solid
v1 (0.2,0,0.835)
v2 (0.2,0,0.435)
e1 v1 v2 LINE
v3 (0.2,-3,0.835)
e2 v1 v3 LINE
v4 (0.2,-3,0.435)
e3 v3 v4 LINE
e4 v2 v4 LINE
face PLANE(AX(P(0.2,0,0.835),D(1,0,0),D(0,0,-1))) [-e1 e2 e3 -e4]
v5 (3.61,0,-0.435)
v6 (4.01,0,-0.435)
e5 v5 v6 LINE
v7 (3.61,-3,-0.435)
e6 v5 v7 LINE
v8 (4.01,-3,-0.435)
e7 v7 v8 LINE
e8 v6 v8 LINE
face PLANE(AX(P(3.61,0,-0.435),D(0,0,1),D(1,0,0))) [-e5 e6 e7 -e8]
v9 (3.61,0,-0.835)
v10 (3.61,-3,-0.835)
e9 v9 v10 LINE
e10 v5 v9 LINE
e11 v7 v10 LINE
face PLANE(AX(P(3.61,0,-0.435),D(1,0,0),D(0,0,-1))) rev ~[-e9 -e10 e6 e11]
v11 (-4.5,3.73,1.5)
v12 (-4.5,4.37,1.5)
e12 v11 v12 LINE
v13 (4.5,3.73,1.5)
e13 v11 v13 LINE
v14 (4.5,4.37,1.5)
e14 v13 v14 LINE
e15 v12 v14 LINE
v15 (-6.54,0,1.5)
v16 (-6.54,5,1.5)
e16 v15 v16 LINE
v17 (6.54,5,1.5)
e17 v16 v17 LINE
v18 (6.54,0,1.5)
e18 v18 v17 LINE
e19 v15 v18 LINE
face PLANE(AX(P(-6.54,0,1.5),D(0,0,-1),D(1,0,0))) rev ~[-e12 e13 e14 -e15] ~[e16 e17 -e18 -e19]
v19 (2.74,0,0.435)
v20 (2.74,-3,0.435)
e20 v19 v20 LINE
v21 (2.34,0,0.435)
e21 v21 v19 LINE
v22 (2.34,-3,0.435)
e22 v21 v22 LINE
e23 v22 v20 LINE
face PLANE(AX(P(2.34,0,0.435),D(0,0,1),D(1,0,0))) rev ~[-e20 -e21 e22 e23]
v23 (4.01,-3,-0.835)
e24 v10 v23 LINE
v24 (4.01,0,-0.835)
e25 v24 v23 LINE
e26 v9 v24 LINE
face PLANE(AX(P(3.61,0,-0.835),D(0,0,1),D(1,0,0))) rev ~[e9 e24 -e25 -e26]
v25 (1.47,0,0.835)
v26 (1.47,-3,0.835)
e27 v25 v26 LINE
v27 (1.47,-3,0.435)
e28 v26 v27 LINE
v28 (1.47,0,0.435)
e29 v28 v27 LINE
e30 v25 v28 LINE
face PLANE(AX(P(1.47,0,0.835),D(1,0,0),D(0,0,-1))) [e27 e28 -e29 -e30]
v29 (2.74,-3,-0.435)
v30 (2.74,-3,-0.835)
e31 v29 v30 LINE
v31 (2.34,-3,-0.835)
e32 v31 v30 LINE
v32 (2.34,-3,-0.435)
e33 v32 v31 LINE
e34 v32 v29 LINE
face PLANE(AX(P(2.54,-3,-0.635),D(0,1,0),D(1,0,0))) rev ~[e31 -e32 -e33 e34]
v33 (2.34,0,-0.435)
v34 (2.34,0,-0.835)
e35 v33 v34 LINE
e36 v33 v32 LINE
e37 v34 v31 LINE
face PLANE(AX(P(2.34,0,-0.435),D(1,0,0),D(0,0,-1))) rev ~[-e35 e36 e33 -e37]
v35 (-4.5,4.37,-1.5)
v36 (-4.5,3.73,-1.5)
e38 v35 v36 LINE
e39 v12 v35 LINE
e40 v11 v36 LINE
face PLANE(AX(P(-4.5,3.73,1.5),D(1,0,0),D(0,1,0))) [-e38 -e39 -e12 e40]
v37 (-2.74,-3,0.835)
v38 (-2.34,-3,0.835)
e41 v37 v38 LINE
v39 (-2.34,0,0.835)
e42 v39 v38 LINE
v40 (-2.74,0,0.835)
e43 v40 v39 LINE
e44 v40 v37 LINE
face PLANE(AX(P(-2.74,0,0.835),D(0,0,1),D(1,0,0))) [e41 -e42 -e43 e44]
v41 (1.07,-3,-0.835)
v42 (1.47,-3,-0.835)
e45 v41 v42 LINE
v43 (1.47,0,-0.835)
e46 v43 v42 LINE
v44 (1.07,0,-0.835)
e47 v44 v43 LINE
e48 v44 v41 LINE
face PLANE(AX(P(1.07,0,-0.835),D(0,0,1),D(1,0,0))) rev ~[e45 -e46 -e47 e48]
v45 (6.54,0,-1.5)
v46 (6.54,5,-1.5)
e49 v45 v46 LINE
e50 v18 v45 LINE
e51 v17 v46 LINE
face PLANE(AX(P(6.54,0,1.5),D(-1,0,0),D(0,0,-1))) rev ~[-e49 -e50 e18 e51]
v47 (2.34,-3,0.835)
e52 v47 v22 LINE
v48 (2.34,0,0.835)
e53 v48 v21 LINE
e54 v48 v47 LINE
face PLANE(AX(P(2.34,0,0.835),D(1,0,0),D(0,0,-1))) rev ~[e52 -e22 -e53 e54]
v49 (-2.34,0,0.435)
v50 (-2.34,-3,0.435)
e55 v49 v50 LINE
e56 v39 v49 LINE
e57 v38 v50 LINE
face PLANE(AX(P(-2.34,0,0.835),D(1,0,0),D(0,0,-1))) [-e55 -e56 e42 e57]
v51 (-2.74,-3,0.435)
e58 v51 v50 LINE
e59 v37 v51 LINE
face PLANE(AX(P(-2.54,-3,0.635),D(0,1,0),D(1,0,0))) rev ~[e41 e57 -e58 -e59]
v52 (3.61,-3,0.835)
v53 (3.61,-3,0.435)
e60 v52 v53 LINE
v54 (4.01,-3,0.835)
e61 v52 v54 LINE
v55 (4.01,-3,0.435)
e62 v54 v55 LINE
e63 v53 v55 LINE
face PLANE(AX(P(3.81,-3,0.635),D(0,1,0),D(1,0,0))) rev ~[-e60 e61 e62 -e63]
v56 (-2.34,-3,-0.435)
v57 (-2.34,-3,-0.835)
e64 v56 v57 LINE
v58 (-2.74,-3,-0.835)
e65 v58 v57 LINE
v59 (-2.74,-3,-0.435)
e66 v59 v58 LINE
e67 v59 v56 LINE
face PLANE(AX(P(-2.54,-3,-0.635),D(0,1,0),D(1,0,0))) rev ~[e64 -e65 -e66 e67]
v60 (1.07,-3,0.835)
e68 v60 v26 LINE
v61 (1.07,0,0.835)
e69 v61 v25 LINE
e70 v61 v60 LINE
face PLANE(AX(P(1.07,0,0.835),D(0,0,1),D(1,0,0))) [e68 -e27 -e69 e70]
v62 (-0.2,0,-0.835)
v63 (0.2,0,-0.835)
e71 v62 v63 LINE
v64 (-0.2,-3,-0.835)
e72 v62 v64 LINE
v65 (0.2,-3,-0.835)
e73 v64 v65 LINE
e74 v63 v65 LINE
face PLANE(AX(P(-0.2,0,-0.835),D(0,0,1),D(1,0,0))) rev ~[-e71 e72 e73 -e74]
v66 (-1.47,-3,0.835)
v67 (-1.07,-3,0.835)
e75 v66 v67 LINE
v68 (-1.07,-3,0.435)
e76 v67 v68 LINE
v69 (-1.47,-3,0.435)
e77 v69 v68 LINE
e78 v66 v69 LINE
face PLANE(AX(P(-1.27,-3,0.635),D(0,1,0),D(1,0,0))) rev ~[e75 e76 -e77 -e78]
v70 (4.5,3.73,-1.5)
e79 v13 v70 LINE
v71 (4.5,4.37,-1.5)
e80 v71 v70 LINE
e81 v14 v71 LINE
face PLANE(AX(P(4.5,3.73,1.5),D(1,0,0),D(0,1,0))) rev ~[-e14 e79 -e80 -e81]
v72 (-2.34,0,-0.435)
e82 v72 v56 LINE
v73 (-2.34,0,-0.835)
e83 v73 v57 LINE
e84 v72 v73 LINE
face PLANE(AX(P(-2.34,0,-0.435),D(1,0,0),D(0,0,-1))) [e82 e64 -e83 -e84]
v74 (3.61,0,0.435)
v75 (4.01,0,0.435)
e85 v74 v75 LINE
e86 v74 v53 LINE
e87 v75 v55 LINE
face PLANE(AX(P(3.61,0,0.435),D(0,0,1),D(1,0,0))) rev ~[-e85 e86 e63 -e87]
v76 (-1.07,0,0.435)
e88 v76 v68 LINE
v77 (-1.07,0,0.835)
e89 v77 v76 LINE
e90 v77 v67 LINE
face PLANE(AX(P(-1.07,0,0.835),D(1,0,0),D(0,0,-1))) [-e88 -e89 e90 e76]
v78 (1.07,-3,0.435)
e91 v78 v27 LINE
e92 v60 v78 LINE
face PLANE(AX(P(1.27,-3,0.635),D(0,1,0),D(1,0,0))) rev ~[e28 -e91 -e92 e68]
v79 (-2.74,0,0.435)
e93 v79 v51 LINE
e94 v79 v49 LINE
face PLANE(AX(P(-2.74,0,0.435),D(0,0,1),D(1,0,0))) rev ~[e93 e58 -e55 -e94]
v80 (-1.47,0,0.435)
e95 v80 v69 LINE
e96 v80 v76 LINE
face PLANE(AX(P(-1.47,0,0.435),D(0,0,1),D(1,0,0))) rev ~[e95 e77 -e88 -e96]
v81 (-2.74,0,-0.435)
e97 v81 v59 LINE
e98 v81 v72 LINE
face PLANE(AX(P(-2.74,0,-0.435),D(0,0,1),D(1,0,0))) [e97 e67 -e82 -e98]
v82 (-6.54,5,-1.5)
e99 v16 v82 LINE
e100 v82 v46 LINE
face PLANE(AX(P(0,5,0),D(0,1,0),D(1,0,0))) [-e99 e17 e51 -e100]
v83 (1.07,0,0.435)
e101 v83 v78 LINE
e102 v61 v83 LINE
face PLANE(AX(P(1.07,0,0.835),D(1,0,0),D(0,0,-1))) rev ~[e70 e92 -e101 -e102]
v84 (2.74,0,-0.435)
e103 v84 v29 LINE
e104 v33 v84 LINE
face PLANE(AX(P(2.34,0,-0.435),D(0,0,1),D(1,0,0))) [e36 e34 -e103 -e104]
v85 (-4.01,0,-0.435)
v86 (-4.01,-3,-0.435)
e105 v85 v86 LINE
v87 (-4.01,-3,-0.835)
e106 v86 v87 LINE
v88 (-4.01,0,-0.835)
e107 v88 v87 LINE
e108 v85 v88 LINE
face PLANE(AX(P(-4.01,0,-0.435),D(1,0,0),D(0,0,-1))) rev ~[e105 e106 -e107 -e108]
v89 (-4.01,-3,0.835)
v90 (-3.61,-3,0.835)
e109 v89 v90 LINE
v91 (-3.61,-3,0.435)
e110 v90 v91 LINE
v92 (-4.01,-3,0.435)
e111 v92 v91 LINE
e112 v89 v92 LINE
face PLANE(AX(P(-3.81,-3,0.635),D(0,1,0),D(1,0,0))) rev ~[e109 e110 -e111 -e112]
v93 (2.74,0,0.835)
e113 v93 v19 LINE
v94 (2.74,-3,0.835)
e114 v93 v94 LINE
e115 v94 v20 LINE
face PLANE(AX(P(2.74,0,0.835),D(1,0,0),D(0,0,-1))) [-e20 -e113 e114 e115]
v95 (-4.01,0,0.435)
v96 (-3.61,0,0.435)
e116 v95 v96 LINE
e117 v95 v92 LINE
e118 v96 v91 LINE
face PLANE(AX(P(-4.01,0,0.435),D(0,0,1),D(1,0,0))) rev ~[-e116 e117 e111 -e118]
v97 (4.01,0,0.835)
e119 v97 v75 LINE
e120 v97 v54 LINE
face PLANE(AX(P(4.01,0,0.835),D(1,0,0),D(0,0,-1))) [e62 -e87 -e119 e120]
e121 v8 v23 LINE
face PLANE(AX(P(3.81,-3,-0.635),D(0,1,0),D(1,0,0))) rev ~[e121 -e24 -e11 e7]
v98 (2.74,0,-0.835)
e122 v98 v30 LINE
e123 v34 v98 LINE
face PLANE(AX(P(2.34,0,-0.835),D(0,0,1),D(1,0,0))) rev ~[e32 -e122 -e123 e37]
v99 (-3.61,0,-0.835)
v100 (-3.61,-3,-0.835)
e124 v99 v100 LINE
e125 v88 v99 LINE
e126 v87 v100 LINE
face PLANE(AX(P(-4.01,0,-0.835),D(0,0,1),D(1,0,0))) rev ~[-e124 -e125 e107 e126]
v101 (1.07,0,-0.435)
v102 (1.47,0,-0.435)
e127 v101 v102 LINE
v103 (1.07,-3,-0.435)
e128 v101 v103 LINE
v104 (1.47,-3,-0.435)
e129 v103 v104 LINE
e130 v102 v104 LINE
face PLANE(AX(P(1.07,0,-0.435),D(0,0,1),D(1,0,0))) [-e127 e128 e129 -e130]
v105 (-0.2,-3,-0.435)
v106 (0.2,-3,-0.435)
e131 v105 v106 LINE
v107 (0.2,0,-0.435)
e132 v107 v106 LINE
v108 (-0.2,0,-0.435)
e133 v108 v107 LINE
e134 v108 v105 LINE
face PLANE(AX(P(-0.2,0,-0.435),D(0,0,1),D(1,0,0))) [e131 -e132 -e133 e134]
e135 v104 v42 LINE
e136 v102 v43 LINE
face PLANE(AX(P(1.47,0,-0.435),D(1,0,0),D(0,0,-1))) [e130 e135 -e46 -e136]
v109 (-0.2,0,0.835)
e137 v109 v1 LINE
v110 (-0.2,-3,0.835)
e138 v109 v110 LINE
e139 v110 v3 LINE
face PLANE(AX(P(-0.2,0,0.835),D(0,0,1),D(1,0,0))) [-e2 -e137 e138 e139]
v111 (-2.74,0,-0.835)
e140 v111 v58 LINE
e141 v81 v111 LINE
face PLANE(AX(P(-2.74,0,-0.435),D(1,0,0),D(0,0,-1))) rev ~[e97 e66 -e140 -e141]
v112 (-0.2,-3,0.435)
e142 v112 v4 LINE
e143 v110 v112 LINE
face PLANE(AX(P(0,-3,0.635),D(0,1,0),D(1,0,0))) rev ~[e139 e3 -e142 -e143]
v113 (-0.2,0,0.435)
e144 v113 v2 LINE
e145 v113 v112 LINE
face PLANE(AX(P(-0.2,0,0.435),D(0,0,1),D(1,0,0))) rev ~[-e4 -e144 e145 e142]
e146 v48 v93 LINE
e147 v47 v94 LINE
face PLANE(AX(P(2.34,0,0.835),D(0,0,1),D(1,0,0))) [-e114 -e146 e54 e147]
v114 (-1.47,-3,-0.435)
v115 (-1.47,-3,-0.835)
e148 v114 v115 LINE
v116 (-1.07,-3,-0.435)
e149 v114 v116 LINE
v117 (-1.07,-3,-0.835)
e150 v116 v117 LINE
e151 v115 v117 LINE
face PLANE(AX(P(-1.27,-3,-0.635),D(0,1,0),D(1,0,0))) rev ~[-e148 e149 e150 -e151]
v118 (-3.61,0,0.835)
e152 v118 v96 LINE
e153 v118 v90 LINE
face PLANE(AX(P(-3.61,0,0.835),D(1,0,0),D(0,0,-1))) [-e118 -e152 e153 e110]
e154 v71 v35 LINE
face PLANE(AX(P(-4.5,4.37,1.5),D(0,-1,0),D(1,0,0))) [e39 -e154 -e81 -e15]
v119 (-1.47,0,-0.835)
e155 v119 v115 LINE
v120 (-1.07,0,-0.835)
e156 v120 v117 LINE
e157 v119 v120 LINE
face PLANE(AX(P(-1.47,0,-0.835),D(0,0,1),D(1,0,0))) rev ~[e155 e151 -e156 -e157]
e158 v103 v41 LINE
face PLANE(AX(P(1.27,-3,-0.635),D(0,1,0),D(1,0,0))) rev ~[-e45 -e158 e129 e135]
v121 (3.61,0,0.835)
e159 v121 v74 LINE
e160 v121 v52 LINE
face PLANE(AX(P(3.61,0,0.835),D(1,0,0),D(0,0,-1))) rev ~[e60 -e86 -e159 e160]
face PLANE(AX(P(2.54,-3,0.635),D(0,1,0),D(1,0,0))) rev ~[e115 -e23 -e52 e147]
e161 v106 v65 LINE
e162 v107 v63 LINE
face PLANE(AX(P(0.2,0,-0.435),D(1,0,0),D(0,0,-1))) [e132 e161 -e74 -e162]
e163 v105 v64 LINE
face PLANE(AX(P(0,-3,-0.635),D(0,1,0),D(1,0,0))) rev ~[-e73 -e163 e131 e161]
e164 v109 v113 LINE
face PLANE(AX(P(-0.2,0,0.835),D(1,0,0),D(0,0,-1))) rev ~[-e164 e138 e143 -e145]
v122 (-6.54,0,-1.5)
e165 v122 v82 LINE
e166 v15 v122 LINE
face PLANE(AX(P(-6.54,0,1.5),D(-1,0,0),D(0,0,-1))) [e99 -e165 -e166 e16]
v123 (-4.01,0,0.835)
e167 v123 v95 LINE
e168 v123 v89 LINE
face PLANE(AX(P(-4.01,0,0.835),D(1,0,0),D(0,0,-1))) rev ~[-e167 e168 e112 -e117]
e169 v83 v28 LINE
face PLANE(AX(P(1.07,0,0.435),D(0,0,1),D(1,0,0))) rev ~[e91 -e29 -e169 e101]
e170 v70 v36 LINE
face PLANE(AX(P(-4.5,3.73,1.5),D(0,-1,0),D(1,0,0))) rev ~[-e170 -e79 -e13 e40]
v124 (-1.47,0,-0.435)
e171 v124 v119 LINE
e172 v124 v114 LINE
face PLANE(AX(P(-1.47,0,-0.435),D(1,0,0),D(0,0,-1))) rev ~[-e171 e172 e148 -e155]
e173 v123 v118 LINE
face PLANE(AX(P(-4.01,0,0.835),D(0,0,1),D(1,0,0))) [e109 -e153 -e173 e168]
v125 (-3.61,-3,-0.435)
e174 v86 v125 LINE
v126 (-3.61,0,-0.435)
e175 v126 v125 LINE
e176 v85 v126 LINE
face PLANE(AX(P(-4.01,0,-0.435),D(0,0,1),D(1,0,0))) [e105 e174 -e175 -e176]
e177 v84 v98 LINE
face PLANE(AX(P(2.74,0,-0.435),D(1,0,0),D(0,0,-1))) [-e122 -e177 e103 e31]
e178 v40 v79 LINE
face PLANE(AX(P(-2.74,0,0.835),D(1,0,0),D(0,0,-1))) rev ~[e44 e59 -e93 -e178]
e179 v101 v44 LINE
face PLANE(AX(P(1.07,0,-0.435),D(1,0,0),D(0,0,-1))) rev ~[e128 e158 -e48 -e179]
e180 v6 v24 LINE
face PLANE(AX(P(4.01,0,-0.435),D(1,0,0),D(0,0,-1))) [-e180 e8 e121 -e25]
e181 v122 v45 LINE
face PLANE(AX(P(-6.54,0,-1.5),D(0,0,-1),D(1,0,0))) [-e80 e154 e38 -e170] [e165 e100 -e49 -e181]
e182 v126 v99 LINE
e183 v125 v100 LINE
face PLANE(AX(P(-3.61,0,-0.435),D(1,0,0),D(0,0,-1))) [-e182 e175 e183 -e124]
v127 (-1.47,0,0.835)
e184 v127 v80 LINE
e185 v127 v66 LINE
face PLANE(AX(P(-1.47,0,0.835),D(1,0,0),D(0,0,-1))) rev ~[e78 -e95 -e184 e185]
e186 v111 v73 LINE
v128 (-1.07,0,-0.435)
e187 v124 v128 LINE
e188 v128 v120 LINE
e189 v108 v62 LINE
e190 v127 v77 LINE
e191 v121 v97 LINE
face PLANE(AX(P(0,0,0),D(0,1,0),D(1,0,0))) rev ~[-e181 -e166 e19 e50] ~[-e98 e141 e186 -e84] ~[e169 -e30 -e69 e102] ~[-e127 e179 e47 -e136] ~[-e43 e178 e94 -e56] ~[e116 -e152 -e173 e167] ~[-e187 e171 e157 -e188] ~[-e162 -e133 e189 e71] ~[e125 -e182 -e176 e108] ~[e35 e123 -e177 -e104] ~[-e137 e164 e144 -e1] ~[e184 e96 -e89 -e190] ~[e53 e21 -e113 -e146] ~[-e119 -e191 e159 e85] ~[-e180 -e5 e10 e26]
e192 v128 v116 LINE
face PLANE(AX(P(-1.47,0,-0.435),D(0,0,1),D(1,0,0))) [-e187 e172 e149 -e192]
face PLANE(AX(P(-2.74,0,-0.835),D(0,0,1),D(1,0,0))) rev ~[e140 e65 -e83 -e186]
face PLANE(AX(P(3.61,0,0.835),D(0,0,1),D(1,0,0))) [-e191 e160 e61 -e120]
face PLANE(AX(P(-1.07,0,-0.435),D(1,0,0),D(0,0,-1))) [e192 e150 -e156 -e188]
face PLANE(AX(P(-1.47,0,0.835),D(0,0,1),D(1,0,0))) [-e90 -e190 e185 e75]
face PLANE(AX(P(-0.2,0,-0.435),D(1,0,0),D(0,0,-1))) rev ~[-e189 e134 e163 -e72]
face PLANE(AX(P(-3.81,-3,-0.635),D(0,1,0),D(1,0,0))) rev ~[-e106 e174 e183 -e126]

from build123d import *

# Parameters (mm, degrees)
SKETCH1_W              = 0.4
SKETCH1_H              = 0.4
BOSS_EXTRUDE1_DEPTH    = 3
BOSS_EXTRUDE1_2_DEPTH  = 3
BOSS_EXTRUDE1_3_DEPTH  = 3
BOSS_EXTRUDE1_4_DEPTH  = 3
BOSS_EXTRUDE1_5_DEPTH  = 3
BOSS_EXTRUDE1_6_DEPTH  = 3
BOSS_EXTRUDE1_7_DEPTH  = 3
BOSS_EXTRUDE1_8_DEPTH  = 3
BOSS_EXTRUDE1_9_DEPTH  = 3
BOSS_EXTRUDE1_10_DEPTH = 3
BOSS_EXTRUDE1_11_DEPTH = 3
BOSS_EXTRUDE1_12_DEPTH = 3
BOSS_EXTRUDE1_13_DEPTH = 3
BOSS_EXTRUDE1_14_DEPTH = 3
SKETCH2_W              = 13.08
SKETCH2_H              = 3
BOSS_EXTRUDE2_DEPTH    = 5
SKETCH3_W              = 9
SKETCH3_H              = 0.64
CUT_EXTRUDE1_DEPTH     = 9.761940424


with BuildPart() as part:
    # Sketch1 → Boss-Extrude1 (new body)
    with BuildSketch(Plane(origin=(0, 0, 0), x_dir=(1, 0, 0), z_dir=(0, 1, 0))):
        with Locations((-2.54, -0.635)):
            Rectangle(SKETCH1_W, SKETCH1_H)
    extrude(amount=-BOSS_EXTRUDE1_DEPTH)



with BuildPart() as body_2:
    # Sketch1 → Boss-Extrude1 2 (new body)
    with BuildSketch(Plane(origin=(0, 0, 0), x_dir=(1, 0, 0), z_dir=(0, 1, 0))):
        with Locations((-3.81, -0.635)):
            Rectangle(SKETCH1_W, SKETCH1_H)
    extrude(amount=-BOSS_EXTRUDE1_2_DEPTH)


with BuildPart() as body_3:
    # Sketch1 → Boss-Extrude1 3 (new body)
    with BuildSketch(Plane(origin=(0, 0, 0), x_dir=(1, 0, 0), z_dir=(0, 1, 0))):
        with Locations((-1.27, -0.635)):
            Rectangle(SKETCH1_W, SKETCH1_H)
    extrude(amount=-BOSS_EXTRUDE1_3_DEPTH)


with BuildPart() as body_4:
    # Sketch1 → Boss-Extrude1 4 (new body)
    with BuildSketch(Plane(origin=(0, 0, 0), x_dir=(1, 0, 0), z_dir=(0, 1, 0))):
        with Locations((0, -0.635)):
            Rectangle(SKETCH1_W, SKETCH1_H)
    extrude(amount=-BOSS_EXTRUDE1_4_DEPTH)


with BuildPart() as body_5:
    # Sketch1 → Boss-Extrude1 5 (new body)
    with BuildSketch(Plane(origin=(0, 0, 0), x_dir=(1, 0, 0), z_dir=(0, 1, 0))):
        with Locations((1.27, -0.635)):
            Rectangle(SKETCH1_W, SKETCH1_H)
    extrude(amount=-BOSS_EXTRUDE1_5_DEPTH)


with BuildPart() as body_6:
    # Sketch1 → Boss-Extrude1 6 (new body)
    with BuildSketch(Plane(origin=(0, 0, 0), x_dir=(1, 0, 0), z_dir=(0, 1, 0))):
        with Locations((2.54, -0.635)):
            Rectangle(SKETCH1_W, SKETCH1_H)
    extrude(amount=-BOSS_EXTRUDE1_6_DEPTH)


with BuildPart() as body_7:
    # Sketch1 → Boss-Extrude1 7 (new body)
    with BuildSketch(Plane(origin=(0, 0, 0), x_dir=(1, 0, 0), z_dir=(0, 1, 0))):
        with Locations((3.81, -0.635)):
            Rectangle(SKETCH1_W, SKETCH1_H)
    extrude(amount=-BOSS_EXTRUDE1_7_DEPTH)


with BuildPart() as body_8:
    # Sketch1 → Boss-Extrude1 8 (new body)
    with BuildSketch(Plane(origin=(0, 0, 0), x_dir=(1, 0, 0), z_dir=(0, 1, 0))):
        with Locations((-2.54, 0.635)):
            Rectangle(SKETCH1_W, SKETCH1_H)
    extrude(amount=-BOSS_EXTRUDE1_8_DEPTH)


with BuildPart() as body_9:
    # Sketch1 → Boss-Extrude1 9 (new body)
    with BuildSketch(Plane(origin=(0, 0, 0), x_dir=(1, 0, 0), z_dir=(0, 1, 0))):
        with Locations((-1.27, 0.635)):
            Rectangle(SKETCH1_W, SKETCH1_H)
    extrude(amount=-BOSS_EXTRUDE1_9_DEPTH)


with BuildPart() as body_10:
    # Sketch1 → Boss-Extrude1 10 (new body)
    with BuildSketch(Plane(origin=(0, 0, 0), x_dir=(1, 0, 0), z_dir=(0, 1, 0))):
        with Locations((0, 0.635)):
            Rectangle(SKETCH1_W, SKETCH1_H)
    extrude(amount=-BOSS_EXTRUDE1_10_DEPTH)


with BuildPart() as body_11:
    # Sketch1 → Boss-Extrude1 11 (new body)
    with BuildSketch(Plane(origin=(0, 0, 0), x_dir=(1, 0, 0), z_dir=(0, 1, 0))):
        with Locations((1.27, 0.635)):
            Rectangle(SKETCH1_W, SKETCH1_H)
    extrude(amount=-BOSS_EXTRUDE1_11_DEPTH)


with BuildPart() as body_12:
    # Sketch1 → Boss-Extrude1 12 (new body)
    with BuildSketch(Plane(origin=(0, 0, 0), x_dir=(1, 0, 0), z_dir=(0, 1, 0))):
        with Locations((2.54, 0.635)):
            Rectangle(SKETCH1_W, SKETCH1_H)
    extrude(amount=-BOSS_EXTRUDE1_12_DEPTH)


with BuildPart() as body_13:
    # Sketch1 → Boss-Extrude1 13 (new body)
    with BuildSketch(Plane(origin=(0, 0, 0), x_dir=(1, 0, 0), z_dir=(0, 1, 0))):
        with Locations((3.81, 0.635)):
            Rectangle(SKETCH1_W, SKETCH1_H)
    extrude(amount=-BOSS_EXTRUDE1_13_DEPTH)


with BuildPart() as body_14:
    # Sketch1 → Boss-Extrude1 14 (new body)
    with BuildSketch(Plane(origin=(0, 0, 0), x_dir=(1, 0, 0), z_dir=(0, 1, 0))):
        with Locations((-3.81, 0.635)):
            Rectangle(SKETCH1_W, SKETCH1_H)
    extrude(amount=-BOSS_EXTRUDE1_14_DEPTH)


with BuildPart() as part_1:
    add(part.part)

    add(body_2.part)  # Boss-Extrude2 merges body 2

    add(body_3.part)  # Boss-Extrude2 merges body 3

    add(body_4.part)  # Boss-Extrude2 merges body 4

    add(body_5.part)  # Boss-Extrude2 merges body 5

    add(body_6.part)  # Boss-Extrude2 merges body 6

    add(body_7.part)  # Boss-Extrude2 merges body 7

    add(body_8.part)  # Boss-Extrude2 merges body 8

    add(body_9.part)  # Boss-Extrude2 merges body 9

    add(body_10.part)  # Boss-Extrude2 merges body 10

    add(body_11.part)  # Boss-Extrude2 merges body 11

    add(body_12.part)  # Boss-Extrude2 merges body 12

    add(body_13.part)  # Boss-Extrude2 merges body 13

    add(body_14.part)  # Boss-Extrude2 merges body 14
    # Sketch2 → Boss-Extrude2 (add)
    with BuildSketch(Plane(origin=(0, 0, 0), x_dir=(1, 0, 0), z_dir=(0, 1, 0))):
        Rectangle(SKETCH2_W, SKETCH2_H)
    extrude(amount=BOSS_EXTRUDE2_DEPTH)

    # Sketch3 → Cut-Extrude1 (cut, through all)
    with BuildSketch(Plane.XY.offset(1.5)):
        with Locations((0, 4.05)):
            Rectangle(SKETCH3_W, SKETCH3_H)
    extrude(amount=-CUT_EXTRUDE1_DEPTH, mode=Mode.SUBTRACT)


solid = part_1.part
